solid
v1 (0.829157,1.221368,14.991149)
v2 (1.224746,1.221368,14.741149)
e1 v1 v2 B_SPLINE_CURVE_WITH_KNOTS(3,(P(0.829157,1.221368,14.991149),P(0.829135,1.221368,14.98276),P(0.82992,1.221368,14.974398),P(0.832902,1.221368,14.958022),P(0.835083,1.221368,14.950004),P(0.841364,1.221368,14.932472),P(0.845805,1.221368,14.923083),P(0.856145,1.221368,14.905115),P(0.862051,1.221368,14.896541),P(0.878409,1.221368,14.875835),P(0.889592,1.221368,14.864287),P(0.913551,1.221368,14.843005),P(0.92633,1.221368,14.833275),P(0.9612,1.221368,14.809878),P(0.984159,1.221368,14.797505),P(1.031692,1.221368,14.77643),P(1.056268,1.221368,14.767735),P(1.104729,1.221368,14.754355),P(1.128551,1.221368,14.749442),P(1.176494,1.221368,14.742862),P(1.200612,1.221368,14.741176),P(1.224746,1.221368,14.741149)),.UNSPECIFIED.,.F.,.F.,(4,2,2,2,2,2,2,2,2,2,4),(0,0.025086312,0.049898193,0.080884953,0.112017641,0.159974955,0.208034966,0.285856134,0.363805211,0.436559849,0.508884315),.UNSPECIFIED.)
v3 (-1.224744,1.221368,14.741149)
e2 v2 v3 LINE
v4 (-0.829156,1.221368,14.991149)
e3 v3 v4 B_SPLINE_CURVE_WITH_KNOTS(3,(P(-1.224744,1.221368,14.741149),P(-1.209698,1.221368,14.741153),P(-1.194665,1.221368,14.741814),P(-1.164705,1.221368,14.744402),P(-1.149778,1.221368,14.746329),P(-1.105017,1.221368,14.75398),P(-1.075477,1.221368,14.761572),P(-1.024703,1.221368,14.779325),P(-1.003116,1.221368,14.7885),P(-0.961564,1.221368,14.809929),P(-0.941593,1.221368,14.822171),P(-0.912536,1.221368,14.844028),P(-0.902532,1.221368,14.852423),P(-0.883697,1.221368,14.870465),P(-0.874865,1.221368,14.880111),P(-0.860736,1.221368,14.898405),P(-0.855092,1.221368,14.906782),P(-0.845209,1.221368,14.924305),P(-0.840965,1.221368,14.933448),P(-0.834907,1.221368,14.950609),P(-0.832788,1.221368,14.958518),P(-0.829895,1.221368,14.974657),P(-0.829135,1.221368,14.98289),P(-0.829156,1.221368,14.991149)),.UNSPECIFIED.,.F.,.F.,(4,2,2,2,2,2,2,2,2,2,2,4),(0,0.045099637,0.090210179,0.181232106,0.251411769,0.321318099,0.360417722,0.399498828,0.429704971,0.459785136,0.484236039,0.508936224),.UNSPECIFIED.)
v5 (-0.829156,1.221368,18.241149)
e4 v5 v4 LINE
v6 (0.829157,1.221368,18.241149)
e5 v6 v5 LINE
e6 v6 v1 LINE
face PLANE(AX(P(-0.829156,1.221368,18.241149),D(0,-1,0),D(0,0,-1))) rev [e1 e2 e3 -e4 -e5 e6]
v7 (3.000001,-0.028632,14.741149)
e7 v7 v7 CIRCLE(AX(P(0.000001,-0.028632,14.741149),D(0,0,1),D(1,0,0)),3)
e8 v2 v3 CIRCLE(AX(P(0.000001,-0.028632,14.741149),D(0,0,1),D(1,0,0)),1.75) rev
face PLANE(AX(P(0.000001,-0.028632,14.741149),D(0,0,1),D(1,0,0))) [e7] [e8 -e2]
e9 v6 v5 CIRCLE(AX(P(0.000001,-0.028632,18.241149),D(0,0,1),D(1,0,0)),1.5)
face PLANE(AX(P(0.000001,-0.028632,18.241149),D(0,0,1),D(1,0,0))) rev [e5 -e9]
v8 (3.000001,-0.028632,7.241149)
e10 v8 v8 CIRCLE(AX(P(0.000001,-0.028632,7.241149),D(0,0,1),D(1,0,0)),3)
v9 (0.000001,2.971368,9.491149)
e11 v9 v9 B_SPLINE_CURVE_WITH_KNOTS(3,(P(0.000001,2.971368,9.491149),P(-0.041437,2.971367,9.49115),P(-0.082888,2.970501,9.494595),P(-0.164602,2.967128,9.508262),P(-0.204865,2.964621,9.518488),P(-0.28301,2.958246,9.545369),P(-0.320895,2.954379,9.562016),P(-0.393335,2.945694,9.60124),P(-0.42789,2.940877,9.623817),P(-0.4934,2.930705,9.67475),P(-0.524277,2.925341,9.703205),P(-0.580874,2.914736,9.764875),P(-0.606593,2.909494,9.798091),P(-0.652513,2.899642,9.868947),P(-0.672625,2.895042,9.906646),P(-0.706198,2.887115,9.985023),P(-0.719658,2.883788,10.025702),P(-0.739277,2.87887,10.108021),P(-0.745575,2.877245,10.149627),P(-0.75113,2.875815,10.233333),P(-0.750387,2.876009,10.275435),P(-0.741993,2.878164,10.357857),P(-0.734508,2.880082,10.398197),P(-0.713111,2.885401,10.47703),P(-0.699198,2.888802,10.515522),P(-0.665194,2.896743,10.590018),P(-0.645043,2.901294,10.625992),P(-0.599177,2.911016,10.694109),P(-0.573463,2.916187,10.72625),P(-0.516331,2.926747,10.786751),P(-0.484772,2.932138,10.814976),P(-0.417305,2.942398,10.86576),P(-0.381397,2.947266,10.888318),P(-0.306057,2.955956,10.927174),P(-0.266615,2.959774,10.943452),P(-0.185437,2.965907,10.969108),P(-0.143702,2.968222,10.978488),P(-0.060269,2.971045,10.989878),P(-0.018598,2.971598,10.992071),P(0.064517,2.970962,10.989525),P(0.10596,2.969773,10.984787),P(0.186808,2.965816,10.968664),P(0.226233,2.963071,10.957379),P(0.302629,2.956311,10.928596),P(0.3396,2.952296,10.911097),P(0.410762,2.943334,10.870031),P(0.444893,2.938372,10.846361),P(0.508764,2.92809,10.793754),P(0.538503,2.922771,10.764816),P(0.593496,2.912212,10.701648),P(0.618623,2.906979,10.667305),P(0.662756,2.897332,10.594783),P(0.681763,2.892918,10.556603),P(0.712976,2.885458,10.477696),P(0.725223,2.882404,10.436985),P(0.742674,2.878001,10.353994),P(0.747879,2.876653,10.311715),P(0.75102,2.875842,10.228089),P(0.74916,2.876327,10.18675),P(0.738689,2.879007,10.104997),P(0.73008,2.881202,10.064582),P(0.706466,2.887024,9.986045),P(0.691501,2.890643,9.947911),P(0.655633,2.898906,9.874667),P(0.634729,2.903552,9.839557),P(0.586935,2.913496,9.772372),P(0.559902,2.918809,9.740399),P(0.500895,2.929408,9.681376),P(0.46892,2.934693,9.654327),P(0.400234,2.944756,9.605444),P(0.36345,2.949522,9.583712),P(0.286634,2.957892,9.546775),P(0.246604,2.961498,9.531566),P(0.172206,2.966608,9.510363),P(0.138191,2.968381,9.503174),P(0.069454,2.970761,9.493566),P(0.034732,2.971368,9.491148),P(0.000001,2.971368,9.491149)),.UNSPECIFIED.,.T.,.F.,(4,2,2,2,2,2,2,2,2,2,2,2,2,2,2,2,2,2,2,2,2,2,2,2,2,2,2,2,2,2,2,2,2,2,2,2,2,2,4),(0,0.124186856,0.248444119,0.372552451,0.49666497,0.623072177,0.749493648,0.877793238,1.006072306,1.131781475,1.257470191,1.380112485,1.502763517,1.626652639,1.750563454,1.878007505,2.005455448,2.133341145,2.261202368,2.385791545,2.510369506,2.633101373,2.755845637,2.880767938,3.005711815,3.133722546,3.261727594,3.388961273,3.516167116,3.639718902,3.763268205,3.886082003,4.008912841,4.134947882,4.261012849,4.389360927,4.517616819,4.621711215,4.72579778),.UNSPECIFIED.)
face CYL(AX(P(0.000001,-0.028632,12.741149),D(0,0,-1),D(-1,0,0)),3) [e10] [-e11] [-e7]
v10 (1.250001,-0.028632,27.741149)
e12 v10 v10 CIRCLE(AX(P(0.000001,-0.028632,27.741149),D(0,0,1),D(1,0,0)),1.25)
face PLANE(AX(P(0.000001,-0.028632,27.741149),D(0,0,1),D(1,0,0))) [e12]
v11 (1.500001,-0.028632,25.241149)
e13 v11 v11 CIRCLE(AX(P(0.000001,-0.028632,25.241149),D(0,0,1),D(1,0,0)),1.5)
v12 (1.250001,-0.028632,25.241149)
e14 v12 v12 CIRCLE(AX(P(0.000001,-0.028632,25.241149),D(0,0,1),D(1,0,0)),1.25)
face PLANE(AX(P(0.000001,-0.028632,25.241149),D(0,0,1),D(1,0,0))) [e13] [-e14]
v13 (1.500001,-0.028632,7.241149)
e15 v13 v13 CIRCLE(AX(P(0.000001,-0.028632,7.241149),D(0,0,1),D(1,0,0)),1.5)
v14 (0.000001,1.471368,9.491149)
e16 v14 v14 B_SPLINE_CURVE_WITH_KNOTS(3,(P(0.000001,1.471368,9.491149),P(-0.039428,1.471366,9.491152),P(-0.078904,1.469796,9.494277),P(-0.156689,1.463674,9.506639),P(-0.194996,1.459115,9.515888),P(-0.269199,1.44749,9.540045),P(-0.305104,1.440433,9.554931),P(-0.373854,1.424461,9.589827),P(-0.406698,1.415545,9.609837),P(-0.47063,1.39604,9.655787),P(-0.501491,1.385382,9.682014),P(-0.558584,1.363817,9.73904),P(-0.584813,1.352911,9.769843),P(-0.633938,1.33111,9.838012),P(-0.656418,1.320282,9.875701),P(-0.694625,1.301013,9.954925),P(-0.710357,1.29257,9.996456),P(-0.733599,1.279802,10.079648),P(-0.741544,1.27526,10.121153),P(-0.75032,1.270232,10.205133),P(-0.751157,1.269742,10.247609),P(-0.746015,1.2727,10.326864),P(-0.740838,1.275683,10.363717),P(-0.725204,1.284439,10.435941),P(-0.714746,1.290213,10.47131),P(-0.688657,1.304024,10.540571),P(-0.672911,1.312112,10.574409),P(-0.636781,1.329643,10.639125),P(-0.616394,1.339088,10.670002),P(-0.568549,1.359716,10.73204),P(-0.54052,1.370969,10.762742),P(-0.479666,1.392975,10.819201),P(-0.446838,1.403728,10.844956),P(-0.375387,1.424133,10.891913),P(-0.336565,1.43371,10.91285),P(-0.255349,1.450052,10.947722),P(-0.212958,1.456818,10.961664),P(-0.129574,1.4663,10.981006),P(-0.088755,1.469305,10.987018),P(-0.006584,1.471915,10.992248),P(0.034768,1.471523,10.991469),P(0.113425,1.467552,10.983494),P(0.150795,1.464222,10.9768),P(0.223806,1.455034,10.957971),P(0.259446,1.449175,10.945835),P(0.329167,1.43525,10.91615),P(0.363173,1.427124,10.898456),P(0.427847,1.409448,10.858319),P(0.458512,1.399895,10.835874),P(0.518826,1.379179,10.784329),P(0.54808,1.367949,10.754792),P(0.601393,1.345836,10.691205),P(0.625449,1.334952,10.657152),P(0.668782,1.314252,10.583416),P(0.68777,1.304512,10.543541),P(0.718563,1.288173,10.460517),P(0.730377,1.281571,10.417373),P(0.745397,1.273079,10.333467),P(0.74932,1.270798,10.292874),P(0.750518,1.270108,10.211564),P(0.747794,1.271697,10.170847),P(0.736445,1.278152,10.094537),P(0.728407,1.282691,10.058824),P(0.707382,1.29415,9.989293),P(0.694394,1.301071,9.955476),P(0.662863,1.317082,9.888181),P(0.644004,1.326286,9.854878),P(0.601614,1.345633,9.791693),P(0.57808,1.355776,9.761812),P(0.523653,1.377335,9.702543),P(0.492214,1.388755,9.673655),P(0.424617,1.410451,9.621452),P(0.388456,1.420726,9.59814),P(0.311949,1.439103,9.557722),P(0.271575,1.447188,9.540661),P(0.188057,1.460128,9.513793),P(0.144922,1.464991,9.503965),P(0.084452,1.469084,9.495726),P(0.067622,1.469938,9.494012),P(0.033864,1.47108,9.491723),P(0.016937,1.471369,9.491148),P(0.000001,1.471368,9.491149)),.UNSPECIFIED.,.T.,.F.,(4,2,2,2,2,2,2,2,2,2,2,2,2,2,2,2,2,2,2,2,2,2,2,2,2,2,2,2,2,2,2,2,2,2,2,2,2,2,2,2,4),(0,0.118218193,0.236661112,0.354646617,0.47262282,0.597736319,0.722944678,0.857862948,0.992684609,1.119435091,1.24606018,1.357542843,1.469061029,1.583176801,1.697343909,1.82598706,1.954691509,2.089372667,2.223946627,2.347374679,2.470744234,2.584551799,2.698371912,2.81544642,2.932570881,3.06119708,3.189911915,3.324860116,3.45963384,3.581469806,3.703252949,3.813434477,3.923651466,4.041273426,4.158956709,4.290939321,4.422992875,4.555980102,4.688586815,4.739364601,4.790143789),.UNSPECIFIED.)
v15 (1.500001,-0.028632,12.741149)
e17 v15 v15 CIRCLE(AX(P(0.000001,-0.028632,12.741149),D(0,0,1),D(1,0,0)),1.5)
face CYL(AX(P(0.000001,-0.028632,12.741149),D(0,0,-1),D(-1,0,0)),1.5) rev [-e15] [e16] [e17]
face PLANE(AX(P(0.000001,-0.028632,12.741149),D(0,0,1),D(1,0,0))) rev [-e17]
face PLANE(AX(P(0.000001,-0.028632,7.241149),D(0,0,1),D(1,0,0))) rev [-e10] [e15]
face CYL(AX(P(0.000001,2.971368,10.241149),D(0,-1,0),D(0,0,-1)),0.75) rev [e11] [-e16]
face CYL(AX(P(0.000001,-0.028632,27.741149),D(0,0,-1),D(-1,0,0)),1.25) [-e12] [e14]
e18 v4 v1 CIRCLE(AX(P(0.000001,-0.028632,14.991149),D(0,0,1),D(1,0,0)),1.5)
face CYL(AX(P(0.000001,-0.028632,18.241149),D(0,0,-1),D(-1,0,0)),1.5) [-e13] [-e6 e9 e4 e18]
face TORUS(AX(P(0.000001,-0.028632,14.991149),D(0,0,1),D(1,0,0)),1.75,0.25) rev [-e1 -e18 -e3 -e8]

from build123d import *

# Parameters (mm, degrees)
SKETCH1_R           = 6
SKETCH1_R_2         = 3
BOSS_EXTRUDE1_DEPTH = 11
SKETCH2_R           = 1.5
CUT_EXTRUDE1_DEPTH  = 14.892443989
SKETCH3_R           = 6
BOSS_EXTRUDE2_DEPTH = 4
BOSS_EXTRUDE3_DEPTH = 7
SKETCH5_R           = 3
BOSS_EXTRUDE6_DEPTH = 14
SKETCH7_R           = 2.5
BOSS_EXTRUDE7_DEPTH = 5
FILLET1_R           = 0.5
ECHELLE1_SCALE      = 2
ECHELLE2_SCALE      = 0.25


with BuildPart() as part:
    # Sketch1 → Boss-Extrude1 (new body)
    with BuildSketch(Plane.XY):
        Circle(SKETCH1_R)
        Circle(SKETCH1_R_2, mode=Mode.SUBTRACT)
    extrude(amount=BOSS_EXTRUDE1_DEPTH)

    # Sketch2 → Cut-Extrude1 (cut, through all)
    with BuildSketch(Plane(origin=(0, 0, 0), x_dir=(1, 0, 0), z_dir=(0, 1, 0))):
        with Locations(Location((0, -6, 0), (0, 0, 90))):
            Circle(SKETCH2_R)
    extrude(amount=CUT_EXTRUDE1_DEPTH, mode=Mode.SUBTRACT)

    # Sketch3 → Boss-Extrude2 (add)
    with BuildSketch(Plane.XY.offset(11)):
        Circle(SKETCH3_R)
    extrude(amount=BOSS_EXTRUDE2_DEPTH)

    # Sketch4 → Boss-Extrude3 (add)
    with BuildSketch(Plane.XY.offset(15)):
        with BuildLine():
            Line((-1.658312395, 2.5), (1.658312395, 2.5))
            ThreePointArc((1.658312395, 2.5), (0, -3), (-1.658312395, 2.5))
        make_face()
    extrude(amount=BOSS_EXTRUDE3_DEPTH)

    # Sketch5 → Boss-Extrude6 (add)
    with BuildSketch(Plane.XY.offset(22)):
        Circle(SKETCH5_R)
    extrude(amount=BOSS_EXTRUDE6_DEPTH)

    # Sketch7 → Boss-Extrude7 (add)
    with BuildSketch(Plane.XY.offset(36)):
        Circle(SKETCH7_R)
    extrude(amount=BOSS_EXTRUDE7_DEPTH)

    # Fillet1
    fillet1_edges = [part.edges().sort_by_distance(p)[0] for p in [
        (0, -3, 15),
    ]]
    fillet(fillet1_edges, radius=FILLET1_R)


with BuildPart() as part_1:
    # Echelle1: scaled about (-5.064e-06, -0.057271287, 14.482309023)
    add(part.part.scale(ECHELLE1_SCALE).moved(Location((5.064e-06, 0.057271287, -14.482309023))))


with BuildPart() as part_2:
    # Echelle2: scaled about (-5.063e-06, -0.057271287, 14.482309023)
    add(part_1.part.scale(ECHELLE2_SCALE).moved(Location((-3.797e-06, -0.042953465, 10.861731767))))


solid = part_2.part
